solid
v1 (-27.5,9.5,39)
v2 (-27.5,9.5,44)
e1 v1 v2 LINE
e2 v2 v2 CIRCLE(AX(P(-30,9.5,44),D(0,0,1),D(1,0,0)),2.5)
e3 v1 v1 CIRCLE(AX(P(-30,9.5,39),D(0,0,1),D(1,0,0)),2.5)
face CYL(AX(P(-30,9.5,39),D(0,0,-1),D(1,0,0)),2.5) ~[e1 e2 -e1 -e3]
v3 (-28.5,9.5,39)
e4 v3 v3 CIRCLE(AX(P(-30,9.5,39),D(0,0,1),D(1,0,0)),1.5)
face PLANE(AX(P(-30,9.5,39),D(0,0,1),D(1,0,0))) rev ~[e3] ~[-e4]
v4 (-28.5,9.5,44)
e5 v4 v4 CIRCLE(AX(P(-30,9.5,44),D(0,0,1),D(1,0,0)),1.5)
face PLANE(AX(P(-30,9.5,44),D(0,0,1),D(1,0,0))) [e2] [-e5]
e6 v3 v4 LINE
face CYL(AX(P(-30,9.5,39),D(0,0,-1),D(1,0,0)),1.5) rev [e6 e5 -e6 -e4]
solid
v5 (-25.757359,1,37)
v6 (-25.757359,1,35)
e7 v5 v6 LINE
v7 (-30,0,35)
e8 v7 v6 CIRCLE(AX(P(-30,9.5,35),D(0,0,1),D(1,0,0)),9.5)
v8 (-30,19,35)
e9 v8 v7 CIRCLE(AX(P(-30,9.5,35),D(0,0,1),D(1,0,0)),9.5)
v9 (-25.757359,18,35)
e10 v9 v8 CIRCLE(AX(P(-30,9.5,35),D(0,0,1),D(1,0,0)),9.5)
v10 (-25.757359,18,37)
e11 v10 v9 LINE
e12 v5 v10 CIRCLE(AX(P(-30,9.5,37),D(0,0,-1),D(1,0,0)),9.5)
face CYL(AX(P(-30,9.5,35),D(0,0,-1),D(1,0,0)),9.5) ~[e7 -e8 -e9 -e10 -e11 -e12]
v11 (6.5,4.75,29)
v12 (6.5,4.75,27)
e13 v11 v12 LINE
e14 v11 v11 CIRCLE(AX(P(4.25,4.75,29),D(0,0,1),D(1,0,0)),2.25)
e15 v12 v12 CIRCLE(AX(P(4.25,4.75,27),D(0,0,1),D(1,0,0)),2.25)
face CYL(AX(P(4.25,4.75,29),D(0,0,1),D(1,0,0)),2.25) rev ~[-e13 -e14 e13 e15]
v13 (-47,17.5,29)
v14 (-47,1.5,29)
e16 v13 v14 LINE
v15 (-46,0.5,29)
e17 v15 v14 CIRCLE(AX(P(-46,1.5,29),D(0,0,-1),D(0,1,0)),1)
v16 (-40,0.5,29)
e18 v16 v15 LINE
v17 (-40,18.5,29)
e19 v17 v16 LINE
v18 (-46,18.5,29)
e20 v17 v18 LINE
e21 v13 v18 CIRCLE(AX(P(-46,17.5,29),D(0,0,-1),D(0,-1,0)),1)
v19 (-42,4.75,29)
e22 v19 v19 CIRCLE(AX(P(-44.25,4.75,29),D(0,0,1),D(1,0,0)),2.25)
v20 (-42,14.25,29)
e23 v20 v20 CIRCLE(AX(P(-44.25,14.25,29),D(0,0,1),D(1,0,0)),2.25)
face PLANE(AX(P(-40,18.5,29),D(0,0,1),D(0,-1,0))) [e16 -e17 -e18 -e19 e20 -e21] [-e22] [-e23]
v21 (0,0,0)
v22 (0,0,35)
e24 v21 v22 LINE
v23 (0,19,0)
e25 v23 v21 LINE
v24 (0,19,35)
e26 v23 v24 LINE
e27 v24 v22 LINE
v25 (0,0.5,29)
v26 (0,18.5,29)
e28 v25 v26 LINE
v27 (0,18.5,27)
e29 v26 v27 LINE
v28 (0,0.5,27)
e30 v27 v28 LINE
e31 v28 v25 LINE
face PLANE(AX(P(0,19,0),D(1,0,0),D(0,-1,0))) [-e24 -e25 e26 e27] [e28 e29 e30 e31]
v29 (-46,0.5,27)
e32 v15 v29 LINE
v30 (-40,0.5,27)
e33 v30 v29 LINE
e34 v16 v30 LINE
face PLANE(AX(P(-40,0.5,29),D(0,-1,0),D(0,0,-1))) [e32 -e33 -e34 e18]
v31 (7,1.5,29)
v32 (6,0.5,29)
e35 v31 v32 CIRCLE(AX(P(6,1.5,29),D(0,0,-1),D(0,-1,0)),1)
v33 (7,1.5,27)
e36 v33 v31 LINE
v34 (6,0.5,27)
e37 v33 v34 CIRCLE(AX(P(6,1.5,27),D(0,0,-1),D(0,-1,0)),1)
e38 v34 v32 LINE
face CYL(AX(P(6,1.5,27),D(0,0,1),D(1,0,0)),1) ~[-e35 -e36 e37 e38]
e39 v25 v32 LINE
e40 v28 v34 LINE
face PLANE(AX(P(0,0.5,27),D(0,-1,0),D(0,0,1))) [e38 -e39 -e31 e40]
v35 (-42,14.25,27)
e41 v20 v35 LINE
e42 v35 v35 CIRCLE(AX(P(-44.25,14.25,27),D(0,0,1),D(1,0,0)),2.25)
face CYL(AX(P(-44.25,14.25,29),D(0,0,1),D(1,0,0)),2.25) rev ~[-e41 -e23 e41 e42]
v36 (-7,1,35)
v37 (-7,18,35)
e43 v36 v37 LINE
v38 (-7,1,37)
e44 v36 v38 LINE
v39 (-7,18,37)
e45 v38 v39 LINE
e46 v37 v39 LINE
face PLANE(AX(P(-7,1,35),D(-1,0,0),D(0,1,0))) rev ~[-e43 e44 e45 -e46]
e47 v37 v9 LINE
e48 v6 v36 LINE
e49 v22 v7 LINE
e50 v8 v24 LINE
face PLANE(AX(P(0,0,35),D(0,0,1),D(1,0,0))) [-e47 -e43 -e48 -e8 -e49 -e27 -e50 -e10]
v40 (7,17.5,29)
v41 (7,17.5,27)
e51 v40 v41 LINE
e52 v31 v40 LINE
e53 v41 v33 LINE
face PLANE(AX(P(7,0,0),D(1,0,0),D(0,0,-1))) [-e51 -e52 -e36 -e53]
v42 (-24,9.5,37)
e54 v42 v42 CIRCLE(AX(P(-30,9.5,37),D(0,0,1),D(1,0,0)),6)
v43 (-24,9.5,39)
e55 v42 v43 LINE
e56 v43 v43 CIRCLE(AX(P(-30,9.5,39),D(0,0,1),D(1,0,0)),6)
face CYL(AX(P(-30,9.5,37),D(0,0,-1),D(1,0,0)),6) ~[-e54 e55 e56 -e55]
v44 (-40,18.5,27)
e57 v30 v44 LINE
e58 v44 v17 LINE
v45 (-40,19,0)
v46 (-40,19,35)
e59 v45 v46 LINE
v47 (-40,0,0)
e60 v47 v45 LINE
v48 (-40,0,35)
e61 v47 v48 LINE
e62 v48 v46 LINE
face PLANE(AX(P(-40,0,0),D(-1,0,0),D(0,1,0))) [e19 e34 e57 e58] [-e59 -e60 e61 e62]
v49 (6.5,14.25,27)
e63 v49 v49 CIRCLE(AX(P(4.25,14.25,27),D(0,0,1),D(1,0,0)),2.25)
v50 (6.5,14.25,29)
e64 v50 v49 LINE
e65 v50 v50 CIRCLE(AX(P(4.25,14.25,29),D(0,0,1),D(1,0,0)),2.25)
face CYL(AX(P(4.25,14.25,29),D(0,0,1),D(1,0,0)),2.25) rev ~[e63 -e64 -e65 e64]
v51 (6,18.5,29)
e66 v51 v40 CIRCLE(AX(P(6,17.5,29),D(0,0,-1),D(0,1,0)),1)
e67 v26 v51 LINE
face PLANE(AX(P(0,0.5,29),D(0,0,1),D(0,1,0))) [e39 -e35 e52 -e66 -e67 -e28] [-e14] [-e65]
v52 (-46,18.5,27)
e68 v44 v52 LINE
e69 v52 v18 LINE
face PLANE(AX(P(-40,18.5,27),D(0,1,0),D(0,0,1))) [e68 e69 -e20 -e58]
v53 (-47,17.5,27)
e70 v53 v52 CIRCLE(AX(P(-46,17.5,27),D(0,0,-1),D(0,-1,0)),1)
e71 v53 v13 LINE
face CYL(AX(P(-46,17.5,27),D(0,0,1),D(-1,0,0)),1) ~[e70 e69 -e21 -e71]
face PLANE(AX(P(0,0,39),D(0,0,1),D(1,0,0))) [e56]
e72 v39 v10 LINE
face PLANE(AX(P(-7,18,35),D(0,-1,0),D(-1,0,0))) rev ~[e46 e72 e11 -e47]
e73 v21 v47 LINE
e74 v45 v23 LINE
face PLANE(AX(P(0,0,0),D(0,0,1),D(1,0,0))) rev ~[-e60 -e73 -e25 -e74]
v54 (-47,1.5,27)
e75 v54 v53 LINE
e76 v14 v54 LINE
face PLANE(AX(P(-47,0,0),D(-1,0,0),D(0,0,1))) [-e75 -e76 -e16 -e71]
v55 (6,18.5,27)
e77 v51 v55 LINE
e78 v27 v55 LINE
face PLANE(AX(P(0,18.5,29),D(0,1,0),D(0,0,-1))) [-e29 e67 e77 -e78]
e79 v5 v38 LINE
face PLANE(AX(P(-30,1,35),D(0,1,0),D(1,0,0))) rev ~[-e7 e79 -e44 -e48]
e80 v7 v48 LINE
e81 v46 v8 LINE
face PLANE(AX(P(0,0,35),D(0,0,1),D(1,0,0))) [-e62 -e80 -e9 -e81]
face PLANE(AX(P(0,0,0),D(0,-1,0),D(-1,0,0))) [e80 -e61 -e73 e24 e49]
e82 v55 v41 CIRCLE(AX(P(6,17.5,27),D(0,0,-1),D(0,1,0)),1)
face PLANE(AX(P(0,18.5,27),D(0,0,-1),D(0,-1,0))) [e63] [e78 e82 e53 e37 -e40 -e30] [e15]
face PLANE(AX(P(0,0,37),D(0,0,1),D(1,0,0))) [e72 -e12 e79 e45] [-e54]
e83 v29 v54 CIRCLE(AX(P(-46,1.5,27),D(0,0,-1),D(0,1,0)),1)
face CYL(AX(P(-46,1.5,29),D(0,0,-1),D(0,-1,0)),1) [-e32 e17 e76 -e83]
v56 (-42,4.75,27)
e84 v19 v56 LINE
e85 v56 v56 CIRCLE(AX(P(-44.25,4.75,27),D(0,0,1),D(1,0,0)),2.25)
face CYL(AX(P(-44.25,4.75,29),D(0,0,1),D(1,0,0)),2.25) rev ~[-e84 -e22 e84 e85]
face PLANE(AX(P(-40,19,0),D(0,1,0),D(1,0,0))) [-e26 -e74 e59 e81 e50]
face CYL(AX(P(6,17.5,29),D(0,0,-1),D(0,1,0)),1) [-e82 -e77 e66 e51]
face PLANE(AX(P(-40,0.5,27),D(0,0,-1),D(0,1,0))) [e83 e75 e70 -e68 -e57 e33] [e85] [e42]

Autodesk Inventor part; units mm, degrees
ref_plane "YZ Plane" through (0, 0, 0) normal (1, 0, 0) x (0, 1, 0)
ref_plane "XZ Plane" through (0, 0, 0) normal (0, 1, 0) x (-1, 0, 0)
ref_plane "XY Plane" through (0, 0, 0) normal (0, 0, 1) x (1, 0, 0)
sketch "Skizze1" plane through (0, 0, 0) normal (0, 0, 1) x (1, 0, 0)
  line L0 (0, 0) -> (-40, 0)
  line L1 (-40, 0) -> (-40, 19)
  line L2 (-40, 19) -> (0, 19)
  line L3 (0, 19) -> (0, 0)
  dimension "d0" = 40
  dimension "d1" = 19
extrude "Extrusion1" add sketch "Skizze1" along normal blind 35
sketch "Skizze2" plane through (0, 0, 35) normal (0, 0, 1) x (1, 0, 0)
  line L0 (-40, 19) -> (0, 19) projected
  circle A0 centre (-30, 9.5) radius 9.5
  dimension "d4" = 10
extrude "Extrusion2" add sketch "Skizze2" along normal blind 2
sketch "Skizze3" plane through (0, 0, 35) normal (0, 0, 1) x (1, 0, 0)
  line L0 (0, 19) -> (0, 0) projected
  line L1 (-37, 3.6605) -> (-37, 17.3389)
  line L2 (-7, 1) -> (-7, 18)
  line L3 (-7, 18) -> (-30, 18)
  line L4 (-30, 18) -> (-30, 1)
  line L5 (-30, 1) -> (-7, 1)
  dimension "d13" = 17
extrude "Extrusion3" add sketch "Skizze3" along normal blind 2
sketch "Skizze4" plane through (0, 0, 37) normal (0, 0, 1) x (1, 0, 0)
  arc A0 (-25.7574, 18) -> (-25.7574, 1) centre (-30, 9.5) ccw projected
  circle A1 centre (-30, 9.5) radius 6
  point P0 (0, 0)
  dimension "d16" = 12
extrude "Extrusion4" add sketch "Skizze4" along normal blind 2
sketch "Skizze6" plane through (-40, 0, 0) normal (-1, 0, 0) x (0, 0, 1)
  line L0 (27, 18.5) -> (29, 18.5)
  line L1 (29, 18.5) -> (29, 0.5)
  line L2 (29, 0.5) -> (27, 0.5)
  line L3 (27, 0.5) -> (27, 18.5)
  dimension "d23" = 2
  dimension "d24" = 18
extrude "Extrusion5" add sketch "Skizze6" along normal blind 7
sketch "Skizze7" plane through (-40, 0.5, 29) normal (0, 0, 1) x (1, 0, 0)
  circle A0 centre (-4.25, 4.25) radius 2.25
  circle A1 centre (-4.25, 13.75) radius 2.25
  point P0 (40, -0.5)
  dimension "d27" = 4.5
  dimension "d28" = 4.5
extrude "Extrusion6" cut sketch "Skizze7" against normal blind 2 contours A0
sketch "Skizze8" plane through (-40, 0.5, 29) normal (0, 0, 1) x (1, 0, 0)
  circle A0 centre (-4.25, 13.75) radius 2.25
  point P0 (40, -0.5)
  dimension "d31" = 4.5
extrude "Extrusion7" cut sketch "Skizze8" against normal blind 2
fillet "Rundung1" radius 1 1 edges at (-47, 0.5, 28)
fillet "Rundung2" radius 1 1 edges at (-47, 18.5, 28)
sketch "Skizze9" plane through (0, 0, 0) normal (1, 0, 0) x (0, 0, -1)
  line L0 (-27, 0.5) -> (-29, 0.5)
  line L1 (-29, 0.5) -> (-29, 18.5)
  line L2 (-29, 18.5) -> (-27, 18.5)
  line L3 (-27, 18.5) -> (-27, 0.5)
  dimension "d36" = 2
  dimension "d37" = 18
extrude "Extrusion8" add sketch "Skizze9" along normal blind 7
sketch "Skizze10" plane through (0, 0.5, 29) normal (0, 0, 1) x (1, 0, 0)
  circle A0 centre (4.25, 4.25) radius 2.25
  point P0 (0, -0.5)
  dimension "d40" = 4.5
extrude "Extrusion9" cut sketch "Skizze10" against normal blind 2
sketch "Skizze11" plane through (0, 0.5, 29) normal (0, 0, 1) x (1, 0, 0)
  circle A0 centre (4.25, 13.75) radius 2.25
  point P0 (0, -0.5)
  dimension "d43" = 4.5
extrude "Extrusion10" cut sketch "Skizze11" against normal blind 2
fillet "Rundung3" radius 1 1 edges at (7, 18.5, 28)
fillet "Rundung4" radius 1 1 edges at (7, 0.5, 28)
sketch "Skizze12" plane through (-30, 9.5, 39) normal (0, 0, 1) x (1, 0, 0)
  circle A0 centre (0, 0) radius 6 projected
  circle A1 centre (0, 0) radius 1.5
  circle A2 centre (0, 0) radius 2.5
  point P0 (30, -9.5)
  dimension "d48" = 3
  dimension "d49" = 5
extrude "Extrusion11" add sketch "Skizze12" along normal blind 5 separate body contours A2
ref_plane "Arbeitsebene1" through (-40, 9.5, 0) normal (0, 1, 0) x (1, 0, 0)
properties part number "servo" material "PC/ABS-Kunststoff"
